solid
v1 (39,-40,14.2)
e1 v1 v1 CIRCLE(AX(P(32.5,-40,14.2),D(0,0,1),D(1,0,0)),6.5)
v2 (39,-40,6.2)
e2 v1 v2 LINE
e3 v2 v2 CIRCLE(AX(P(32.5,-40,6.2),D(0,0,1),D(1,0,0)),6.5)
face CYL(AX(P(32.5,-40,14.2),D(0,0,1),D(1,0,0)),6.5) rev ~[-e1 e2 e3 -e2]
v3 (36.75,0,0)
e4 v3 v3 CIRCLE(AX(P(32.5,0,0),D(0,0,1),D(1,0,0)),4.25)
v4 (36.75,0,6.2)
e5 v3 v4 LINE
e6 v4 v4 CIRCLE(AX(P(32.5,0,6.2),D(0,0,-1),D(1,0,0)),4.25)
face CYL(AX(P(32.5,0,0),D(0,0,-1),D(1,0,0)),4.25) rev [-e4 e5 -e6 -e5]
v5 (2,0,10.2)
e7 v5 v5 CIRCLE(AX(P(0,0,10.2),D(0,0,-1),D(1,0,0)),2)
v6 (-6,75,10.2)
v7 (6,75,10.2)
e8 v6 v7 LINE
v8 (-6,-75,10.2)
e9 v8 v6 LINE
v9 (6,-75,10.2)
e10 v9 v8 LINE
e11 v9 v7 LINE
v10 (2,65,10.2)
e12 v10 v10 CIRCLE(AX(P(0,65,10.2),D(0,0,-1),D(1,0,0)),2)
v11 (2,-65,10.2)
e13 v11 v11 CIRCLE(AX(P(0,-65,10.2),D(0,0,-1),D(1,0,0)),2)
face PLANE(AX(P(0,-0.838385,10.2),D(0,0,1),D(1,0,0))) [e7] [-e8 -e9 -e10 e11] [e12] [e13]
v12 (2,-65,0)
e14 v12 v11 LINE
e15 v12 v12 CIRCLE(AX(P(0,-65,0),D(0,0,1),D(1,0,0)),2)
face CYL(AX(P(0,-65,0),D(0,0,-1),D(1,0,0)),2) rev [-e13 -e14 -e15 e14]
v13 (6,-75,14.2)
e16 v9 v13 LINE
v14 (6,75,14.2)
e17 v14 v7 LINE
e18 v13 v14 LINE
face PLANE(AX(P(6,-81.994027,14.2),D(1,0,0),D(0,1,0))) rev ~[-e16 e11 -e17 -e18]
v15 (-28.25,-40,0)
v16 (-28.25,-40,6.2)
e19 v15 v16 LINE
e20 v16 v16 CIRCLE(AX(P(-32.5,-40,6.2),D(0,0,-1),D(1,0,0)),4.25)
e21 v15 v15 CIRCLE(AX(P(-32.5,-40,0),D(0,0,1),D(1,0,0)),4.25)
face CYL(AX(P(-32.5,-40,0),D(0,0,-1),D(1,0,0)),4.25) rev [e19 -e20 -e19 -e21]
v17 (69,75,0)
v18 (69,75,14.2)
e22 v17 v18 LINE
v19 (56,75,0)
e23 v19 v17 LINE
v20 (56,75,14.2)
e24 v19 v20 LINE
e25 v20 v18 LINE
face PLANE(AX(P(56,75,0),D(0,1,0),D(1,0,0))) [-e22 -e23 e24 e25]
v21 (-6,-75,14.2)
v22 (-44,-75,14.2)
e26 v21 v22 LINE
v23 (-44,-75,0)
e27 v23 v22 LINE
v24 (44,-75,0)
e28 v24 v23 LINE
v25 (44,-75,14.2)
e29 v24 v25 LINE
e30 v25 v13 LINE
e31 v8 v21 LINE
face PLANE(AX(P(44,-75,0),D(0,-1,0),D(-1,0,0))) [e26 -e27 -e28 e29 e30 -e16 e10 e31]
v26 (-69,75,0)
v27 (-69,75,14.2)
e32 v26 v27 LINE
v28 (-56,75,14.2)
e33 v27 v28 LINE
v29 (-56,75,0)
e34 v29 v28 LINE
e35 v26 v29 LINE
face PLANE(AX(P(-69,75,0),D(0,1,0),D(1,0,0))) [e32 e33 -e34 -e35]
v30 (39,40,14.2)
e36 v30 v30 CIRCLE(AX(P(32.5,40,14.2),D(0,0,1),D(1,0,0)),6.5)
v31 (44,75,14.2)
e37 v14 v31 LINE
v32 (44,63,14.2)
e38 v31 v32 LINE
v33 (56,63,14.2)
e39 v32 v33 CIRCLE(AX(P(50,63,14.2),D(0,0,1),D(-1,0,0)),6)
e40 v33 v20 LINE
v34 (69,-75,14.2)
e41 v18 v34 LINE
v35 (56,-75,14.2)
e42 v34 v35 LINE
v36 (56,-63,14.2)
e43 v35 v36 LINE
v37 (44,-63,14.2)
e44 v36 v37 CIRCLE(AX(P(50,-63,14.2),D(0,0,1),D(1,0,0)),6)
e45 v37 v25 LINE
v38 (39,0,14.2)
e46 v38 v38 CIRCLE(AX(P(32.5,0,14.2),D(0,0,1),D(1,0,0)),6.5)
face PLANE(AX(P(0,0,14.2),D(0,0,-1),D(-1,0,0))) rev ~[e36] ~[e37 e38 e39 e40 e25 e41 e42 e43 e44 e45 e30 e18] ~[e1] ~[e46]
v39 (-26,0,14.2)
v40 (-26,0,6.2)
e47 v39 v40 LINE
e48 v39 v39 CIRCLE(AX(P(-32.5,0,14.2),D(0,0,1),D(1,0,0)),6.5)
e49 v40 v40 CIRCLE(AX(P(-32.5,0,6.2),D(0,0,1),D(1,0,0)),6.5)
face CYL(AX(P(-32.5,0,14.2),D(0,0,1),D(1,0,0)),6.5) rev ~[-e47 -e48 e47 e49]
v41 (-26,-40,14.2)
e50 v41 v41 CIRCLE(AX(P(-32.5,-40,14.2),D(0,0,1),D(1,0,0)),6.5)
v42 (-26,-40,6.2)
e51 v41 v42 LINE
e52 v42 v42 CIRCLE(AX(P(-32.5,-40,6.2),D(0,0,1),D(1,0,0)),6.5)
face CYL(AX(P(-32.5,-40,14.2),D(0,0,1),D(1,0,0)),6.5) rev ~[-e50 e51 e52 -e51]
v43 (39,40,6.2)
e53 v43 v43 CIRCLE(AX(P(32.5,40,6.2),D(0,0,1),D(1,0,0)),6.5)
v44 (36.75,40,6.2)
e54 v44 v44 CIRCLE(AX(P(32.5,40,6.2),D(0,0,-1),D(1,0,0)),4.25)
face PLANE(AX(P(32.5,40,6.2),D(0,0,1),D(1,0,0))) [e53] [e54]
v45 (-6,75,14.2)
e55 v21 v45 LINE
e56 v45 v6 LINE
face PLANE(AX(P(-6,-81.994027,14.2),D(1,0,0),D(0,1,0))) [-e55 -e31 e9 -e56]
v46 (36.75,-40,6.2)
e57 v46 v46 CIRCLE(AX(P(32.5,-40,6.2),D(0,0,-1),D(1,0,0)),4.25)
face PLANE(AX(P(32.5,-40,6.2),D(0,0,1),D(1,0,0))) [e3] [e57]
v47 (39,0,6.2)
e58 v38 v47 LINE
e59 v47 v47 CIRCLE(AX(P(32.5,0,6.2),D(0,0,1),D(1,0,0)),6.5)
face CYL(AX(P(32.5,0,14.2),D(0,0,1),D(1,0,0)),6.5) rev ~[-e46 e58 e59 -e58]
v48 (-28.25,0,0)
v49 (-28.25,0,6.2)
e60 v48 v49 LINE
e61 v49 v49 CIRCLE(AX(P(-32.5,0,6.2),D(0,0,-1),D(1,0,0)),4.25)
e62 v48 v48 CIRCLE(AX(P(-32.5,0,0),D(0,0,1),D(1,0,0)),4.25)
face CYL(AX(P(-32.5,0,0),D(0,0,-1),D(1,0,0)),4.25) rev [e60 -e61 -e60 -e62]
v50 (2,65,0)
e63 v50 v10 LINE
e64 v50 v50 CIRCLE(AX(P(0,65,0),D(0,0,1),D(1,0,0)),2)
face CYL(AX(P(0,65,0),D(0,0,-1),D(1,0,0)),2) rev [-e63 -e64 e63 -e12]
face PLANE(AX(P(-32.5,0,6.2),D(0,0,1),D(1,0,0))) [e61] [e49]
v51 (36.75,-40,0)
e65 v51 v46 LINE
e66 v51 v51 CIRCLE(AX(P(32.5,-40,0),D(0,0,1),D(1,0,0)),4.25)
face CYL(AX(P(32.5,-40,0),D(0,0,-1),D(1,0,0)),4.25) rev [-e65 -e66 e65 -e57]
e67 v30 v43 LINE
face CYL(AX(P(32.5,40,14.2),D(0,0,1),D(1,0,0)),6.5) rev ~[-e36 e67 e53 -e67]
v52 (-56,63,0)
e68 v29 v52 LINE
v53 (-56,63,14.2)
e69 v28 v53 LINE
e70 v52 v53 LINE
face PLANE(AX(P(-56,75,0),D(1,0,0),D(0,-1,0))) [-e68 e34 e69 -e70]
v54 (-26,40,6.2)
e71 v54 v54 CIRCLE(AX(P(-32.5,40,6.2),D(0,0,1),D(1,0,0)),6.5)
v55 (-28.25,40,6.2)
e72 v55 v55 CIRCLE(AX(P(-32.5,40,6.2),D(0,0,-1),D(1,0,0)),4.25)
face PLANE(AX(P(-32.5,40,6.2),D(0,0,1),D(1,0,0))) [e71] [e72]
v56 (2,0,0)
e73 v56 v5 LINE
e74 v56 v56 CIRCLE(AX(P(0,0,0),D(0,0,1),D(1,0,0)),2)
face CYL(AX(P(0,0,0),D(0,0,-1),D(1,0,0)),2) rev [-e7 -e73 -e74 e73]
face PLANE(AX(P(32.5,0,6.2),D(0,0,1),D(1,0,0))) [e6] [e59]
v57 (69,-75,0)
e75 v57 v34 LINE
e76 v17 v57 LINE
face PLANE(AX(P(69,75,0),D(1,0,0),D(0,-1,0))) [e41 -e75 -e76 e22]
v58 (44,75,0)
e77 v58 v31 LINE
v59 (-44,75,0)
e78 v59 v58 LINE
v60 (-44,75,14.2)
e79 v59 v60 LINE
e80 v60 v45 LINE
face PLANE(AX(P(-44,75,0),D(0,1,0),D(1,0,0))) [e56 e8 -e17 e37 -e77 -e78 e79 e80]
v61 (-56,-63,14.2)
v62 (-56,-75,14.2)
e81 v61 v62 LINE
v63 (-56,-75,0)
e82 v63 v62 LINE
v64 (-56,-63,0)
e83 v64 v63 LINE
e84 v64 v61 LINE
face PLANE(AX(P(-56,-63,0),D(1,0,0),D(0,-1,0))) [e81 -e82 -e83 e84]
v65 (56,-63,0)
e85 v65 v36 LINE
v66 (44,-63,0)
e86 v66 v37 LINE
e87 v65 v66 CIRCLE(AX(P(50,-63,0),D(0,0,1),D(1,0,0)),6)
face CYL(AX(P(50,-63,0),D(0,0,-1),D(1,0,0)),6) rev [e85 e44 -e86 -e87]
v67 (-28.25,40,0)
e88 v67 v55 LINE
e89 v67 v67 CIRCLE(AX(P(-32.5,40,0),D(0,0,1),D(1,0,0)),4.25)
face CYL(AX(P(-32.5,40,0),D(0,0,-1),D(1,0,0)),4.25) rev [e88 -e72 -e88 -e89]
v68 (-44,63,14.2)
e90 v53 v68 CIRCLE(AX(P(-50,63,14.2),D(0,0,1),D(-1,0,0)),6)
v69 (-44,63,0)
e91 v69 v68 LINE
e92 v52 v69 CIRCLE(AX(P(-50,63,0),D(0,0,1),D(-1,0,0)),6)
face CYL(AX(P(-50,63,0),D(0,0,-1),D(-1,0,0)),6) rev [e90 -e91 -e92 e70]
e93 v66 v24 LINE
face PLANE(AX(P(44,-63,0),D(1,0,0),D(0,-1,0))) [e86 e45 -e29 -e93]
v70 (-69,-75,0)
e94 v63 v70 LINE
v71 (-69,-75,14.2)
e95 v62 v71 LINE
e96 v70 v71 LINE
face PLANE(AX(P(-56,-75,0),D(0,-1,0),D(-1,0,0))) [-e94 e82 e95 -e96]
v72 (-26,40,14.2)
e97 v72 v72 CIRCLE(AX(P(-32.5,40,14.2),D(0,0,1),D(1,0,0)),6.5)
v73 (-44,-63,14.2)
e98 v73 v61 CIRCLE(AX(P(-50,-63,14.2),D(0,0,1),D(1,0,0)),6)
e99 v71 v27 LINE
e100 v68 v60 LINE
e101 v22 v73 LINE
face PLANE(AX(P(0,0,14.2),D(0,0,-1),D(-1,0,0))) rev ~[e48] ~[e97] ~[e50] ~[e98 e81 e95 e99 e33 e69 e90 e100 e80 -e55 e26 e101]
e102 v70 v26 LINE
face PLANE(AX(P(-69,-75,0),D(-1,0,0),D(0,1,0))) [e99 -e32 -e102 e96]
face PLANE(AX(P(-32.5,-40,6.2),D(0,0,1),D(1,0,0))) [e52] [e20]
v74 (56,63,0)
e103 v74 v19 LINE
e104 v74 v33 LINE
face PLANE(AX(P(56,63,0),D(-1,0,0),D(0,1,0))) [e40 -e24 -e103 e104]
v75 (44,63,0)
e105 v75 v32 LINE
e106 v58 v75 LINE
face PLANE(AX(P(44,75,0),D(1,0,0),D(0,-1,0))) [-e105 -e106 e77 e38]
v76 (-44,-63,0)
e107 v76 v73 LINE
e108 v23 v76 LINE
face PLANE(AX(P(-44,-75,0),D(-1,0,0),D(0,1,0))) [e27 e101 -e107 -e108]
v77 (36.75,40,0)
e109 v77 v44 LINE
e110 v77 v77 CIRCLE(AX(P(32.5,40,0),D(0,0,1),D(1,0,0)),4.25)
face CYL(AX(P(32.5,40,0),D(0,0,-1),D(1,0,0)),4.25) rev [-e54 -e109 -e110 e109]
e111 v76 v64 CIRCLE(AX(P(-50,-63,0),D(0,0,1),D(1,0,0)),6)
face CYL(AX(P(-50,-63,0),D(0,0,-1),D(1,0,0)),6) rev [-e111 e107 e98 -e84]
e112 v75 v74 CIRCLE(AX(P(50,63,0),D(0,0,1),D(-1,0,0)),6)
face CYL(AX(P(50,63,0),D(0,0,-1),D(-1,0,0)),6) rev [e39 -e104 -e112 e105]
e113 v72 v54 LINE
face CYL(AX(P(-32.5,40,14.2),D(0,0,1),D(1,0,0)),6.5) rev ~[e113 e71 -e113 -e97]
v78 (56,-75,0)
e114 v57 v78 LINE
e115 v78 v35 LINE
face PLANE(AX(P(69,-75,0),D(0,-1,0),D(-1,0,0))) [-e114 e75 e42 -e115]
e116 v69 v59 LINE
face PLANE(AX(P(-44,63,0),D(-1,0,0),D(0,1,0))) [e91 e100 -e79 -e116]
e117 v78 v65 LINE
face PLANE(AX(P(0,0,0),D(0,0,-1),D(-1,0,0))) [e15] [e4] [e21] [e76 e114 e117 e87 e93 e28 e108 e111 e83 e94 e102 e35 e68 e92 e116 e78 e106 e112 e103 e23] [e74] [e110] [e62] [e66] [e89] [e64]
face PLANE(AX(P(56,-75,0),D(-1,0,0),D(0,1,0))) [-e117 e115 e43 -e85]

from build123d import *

# Parameters (mm, degrees)
CROQUIS1_R              = 4.25
CROQUIS1_R_2            = 2
SALIENTE_EXTRUIR1_DEPTH = 14.2
CROQUIS2_W              = 12
CROQUIS2_H              = 162.31128511
CORTAR_EXTRUIR1_DEPTH   = 4
CROQUIS3_R              = 6.5
CORTAR_EXTRUIR2_DEPTH   = 8


with BuildPart() as part:
    # Croquis1 → Saliente-Extruir1 (new body)
    with BuildSketch(Plane.XY):
        with BuildLine():
            Line((69, -75), (56, -75))
            Line((56, -75), (56, -63))
            ThreePointArc((56, -63), (50, -57), (44, -63))
            Line((44, -63), (44, -75))
            Line((44, -75), (-44, -75))
            Line((-44, -75), (-44, -63))
            ThreePointArc((-44, -63), (-50, -57), (-56, -63))
            Line((-56, -63), (-56, -75))
            Line((-56, -75), (-69, -75))
            Line((-69, -75), (-69, 75))
            Line((-69, 75), (-56, 75))
            Line((-56, 75), (-56, 63))
            ThreePointArc((-56, 63), (-50, 57), (-44, 63))
            Line((-44, 63), (-44, 75))
            Line((-44, 75), (44, 75))
            Line((44, 75), (44, 63))
            ThreePointArc((44, 63), (50, 57), (56, 63))
            Line((56, 63), (56, 75))
            Line((56, 75), (69, 75))
            Line((69, 75), (69, -75))
        make_face()
        with Locations((-32.5, 40)):
            Circle(CROQUIS1_R, mode=Mode.SUBTRACT)
        with Locations((-32.5, 0)):
            Circle(CROQUIS1_R, mode=Mode.SUBTRACT)
        with Locations((-32.5, -40)):
            Circle(CROQUIS1_R, mode=Mode.SUBTRACT)
        with Locations((32.5, 40)):
            Circle(CROQUIS1_R, mode=Mode.SUBTRACT)
        with Locations((32.5, 0)):
            Circle(CROQUIS1_R, mode=Mode.SUBTRACT)
        with Locations((32.5, -40)):
            Circle(CROQUIS1_R, mode=Mode.SUBTRACT)
        with Locations((0, 65)):
            Circle(CROQUIS1_R_2, mode=Mode.SUBTRACT)
        Circle(CROQUIS1_R_2, mode=Mode.SUBTRACT)
        with Locations((0, -65)):
            Circle(CROQUIS1_R_2, mode=Mode.SUBTRACT)
    extrude(amount=SALIENTE_EXTRUIR1_DEPTH)

    # Croquis2 → Cortar-Extruir1 (cut)
    with BuildSketch(Plane.XY.offset(14.2)):
        with Locations((0, -0.838384737)):
            Rectangle(CROQUIS2_W, CROQUIS2_H)
    extrude(amount=-CORTAR_EXTRUIR1_DEPTH, mode=Mode.SUBTRACT)

    # Croquis3 → Cortar-Extruir2 (cut)
    with BuildSketch(Plane.XY.offset(14.2)):
        with Locations((-32.5, 40)):
            Circle(CROQUIS3_R)
        with Locations((-32.5, 0)):
            Circle(CROQUIS3_R)
        with Locations((-32.5, -40)):
            Circle(CROQUIS3_R)
        with Locations((32.5, 40)):
            Circle(CROQUIS3_R)
        with Locations((32.5, 0)):
            Circle(CROQUIS3_R)
        with Locations((32.5, -40)):
            Circle(CROQUIS3_R)
    extrude(amount=-CORTAR_EXTRUIR2_DEPTH, mode=Mode.SUBTRACT)


solid = part.part
